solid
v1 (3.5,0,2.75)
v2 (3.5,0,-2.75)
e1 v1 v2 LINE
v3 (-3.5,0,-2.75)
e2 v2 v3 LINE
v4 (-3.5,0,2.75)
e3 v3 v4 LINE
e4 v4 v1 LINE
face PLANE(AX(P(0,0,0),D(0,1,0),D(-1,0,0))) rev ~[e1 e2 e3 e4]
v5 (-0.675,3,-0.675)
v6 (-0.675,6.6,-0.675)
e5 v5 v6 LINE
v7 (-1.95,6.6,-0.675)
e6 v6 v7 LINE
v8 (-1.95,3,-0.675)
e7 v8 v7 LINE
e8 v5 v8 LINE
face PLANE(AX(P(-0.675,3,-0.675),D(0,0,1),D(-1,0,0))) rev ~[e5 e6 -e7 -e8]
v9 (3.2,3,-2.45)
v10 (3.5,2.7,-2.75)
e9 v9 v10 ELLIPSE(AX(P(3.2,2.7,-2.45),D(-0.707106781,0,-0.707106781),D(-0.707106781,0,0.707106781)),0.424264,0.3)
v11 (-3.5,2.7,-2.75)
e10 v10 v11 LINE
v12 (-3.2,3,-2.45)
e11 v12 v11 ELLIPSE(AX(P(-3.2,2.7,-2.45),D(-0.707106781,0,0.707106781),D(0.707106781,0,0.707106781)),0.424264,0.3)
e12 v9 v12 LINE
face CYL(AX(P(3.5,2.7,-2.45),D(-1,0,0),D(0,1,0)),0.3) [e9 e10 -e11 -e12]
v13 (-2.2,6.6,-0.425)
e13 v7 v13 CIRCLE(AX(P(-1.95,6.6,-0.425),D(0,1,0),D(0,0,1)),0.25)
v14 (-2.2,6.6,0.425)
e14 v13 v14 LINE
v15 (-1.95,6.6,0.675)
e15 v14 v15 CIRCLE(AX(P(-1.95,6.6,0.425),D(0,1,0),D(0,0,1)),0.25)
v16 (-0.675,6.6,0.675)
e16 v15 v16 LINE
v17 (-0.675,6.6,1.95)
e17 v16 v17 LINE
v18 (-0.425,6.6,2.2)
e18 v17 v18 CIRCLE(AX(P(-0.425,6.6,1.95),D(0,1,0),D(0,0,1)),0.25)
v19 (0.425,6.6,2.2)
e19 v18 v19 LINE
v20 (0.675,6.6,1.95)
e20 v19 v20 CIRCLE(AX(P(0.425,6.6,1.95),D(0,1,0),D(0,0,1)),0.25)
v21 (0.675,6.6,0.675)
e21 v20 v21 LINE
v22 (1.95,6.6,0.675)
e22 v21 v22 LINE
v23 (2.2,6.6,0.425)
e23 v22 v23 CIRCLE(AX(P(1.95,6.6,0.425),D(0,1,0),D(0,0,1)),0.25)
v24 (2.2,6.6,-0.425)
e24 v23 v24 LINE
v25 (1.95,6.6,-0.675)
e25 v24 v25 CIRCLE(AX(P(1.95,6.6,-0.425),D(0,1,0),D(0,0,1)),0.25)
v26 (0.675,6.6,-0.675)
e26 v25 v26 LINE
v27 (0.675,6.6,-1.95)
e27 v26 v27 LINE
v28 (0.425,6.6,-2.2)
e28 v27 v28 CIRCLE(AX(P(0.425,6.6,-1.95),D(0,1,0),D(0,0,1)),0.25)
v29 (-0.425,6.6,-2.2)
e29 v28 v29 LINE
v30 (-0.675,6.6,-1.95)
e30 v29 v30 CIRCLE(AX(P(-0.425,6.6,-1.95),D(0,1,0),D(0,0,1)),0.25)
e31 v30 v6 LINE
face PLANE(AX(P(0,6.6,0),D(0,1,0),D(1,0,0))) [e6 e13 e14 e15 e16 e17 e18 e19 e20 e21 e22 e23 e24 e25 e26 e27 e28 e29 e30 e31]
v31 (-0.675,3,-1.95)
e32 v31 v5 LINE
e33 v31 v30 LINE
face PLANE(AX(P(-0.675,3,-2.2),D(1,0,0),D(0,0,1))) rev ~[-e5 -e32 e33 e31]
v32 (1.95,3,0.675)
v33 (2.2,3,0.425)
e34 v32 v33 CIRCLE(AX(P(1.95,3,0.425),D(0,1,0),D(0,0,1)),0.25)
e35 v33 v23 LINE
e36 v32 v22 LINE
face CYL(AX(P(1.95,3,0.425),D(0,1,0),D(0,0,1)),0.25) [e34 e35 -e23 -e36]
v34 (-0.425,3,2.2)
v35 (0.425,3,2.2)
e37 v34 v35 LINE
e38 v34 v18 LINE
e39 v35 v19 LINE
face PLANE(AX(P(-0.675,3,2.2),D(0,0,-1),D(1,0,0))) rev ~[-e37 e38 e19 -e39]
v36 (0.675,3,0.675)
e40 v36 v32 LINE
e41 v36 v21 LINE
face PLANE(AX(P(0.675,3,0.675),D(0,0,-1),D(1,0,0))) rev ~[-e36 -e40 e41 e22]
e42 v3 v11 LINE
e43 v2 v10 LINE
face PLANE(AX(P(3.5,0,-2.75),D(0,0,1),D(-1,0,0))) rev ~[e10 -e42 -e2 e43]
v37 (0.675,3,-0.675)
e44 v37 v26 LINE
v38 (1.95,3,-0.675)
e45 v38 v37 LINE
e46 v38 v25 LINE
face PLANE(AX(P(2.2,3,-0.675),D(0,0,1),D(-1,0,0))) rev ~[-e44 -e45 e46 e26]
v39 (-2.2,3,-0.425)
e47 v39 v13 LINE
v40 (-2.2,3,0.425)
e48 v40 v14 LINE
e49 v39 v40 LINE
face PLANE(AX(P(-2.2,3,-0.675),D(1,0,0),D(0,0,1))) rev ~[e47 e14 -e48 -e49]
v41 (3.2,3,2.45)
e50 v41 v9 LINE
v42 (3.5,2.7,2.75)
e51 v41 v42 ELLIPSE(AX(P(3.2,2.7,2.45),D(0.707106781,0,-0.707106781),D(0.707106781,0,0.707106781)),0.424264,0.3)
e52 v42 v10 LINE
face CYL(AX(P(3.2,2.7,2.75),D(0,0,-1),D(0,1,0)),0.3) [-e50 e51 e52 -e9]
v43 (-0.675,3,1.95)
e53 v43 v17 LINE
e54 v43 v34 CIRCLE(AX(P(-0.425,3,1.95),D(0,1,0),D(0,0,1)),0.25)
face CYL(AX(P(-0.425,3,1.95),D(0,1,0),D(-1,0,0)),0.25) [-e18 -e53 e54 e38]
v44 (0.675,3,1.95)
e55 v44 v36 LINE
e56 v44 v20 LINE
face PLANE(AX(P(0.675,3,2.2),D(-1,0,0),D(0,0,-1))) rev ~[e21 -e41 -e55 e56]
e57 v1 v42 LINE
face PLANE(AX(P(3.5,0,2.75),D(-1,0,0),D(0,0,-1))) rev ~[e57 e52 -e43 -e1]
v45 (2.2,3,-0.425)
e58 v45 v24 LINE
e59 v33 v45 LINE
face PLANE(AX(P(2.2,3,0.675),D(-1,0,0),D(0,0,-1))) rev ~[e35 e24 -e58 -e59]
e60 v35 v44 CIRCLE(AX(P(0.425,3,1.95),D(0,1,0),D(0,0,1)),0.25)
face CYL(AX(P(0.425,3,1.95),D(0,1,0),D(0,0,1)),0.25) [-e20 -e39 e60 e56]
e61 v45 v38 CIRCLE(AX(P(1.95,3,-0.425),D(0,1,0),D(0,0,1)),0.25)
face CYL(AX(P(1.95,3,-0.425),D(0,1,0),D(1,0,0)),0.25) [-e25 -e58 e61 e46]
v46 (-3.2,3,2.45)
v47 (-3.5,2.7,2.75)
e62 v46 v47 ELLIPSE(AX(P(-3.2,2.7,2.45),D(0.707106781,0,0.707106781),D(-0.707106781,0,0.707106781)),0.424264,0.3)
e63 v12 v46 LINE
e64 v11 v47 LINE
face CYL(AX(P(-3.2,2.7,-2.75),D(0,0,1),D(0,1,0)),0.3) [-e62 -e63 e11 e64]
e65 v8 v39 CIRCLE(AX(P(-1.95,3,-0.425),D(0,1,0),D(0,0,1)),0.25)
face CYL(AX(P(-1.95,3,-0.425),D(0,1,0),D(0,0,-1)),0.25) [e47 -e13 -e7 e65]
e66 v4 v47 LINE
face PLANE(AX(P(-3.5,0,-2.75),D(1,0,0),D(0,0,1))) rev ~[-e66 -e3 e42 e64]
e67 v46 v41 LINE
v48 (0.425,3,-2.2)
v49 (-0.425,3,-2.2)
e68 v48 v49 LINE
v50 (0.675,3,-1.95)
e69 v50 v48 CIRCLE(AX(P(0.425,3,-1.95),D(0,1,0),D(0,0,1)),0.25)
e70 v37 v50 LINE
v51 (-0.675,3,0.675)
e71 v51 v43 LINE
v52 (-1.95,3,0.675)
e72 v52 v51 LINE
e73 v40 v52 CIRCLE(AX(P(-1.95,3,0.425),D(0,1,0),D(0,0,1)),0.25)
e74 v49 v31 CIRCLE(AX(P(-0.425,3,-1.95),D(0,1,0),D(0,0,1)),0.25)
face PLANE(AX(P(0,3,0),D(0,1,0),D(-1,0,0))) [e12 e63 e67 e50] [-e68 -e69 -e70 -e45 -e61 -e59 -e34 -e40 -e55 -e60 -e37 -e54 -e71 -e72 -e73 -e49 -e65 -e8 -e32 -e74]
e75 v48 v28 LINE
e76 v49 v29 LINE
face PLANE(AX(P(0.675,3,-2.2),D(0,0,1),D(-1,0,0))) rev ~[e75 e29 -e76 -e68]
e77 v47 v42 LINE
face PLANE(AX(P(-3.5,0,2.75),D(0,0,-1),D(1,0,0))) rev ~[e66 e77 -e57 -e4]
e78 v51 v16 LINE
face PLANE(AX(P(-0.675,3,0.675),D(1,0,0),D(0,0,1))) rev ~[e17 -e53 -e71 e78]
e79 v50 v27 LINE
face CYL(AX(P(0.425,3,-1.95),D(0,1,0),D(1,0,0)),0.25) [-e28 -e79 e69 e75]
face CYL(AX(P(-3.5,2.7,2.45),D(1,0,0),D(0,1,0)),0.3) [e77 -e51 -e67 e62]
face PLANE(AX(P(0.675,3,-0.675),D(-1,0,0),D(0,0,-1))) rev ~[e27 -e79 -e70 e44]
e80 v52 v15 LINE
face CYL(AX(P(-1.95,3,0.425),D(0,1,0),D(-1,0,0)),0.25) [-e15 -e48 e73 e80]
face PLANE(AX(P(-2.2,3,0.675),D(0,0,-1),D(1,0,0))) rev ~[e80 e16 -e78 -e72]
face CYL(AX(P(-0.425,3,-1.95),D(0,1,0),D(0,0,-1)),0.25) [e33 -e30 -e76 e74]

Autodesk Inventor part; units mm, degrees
ref_plane "YZ Plane" through (0, 0, 0) normal (1, 0, 0) x (0, 1, 0)
ref_plane "XZ Plane" through (0, 0, 0) normal (0, 1, 0) x (-1, 0, 0)
ref_plane "XY Plane" through (0, 0, 0) normal (0, 0, 1) x (1, 0, 0)
sketch "Pole Base Profile" plane through (0, 0, 0) normal (0, 1, 0) x (-1, 0, 0)
  line L0 (3.5, 2.75) -> (-3.5, 2.75)
  line L1 (-3.5, 2.75) -> (-3.5, -2.75)
  line L2 (-3.5, -2.75) -> (3.5, -2.75)
  line L3 (3.5, -2.75) -> (3.5, 2.75)
  line L4 (3.5, 2.75) -> (-3.5, -2.75) construction
  line L5 (-3.5, 2.75) -> (3.5, -2.75) construction
  point P0 (0, 0)
  dimension "d0" = 7
  dimension "d1" = 5.5
extrude "Pole Base" add sketch "Pole Base Profile" along normal blind 3
sketch "Cross Base" plane through (0, 3, 0) normal (0, 1, 0) x (1, 0, 0)
  line L0 (-0.675, -2.2) -> (0.675, -2.2)
  line L1 (0.675, -2.2) -> (0.675, 2.2)
  line L2 (0.675, 2.2) -> (-0.675, 2.2)
  line L3 (-0.675, 2.2) -> (-0.675, -2.2)
  line L4 (-0.675, -2.2) -> (0.675, 2.2) construction
  line L5 (0.675, -2.2) -> (-0.675, 2.2) construction
  line L6 (-2.2, -0.675) -> (2.2, -0.675)
  line L7 (2.2, -0.675) -> (2.2, 0.675)
  line L8 (2.2, 0.675) -> (-2.2, 0.675)
  line L9 (-2.2, 0.675) -> (-2.2, -0.675)
  line L10 (-2.2, -0.675) -> (2.2, 0.675) construction
  line L11 (2.2, -0.675) -> (-2.2, 0.675) construction
  point P0 (0, 0)
  dimension "d12" = 1.35
  dimension "d13" = 4.4
  dimension "d14" = 4.4
  dimension "d15" = 1.35
extrude "Pole" add sketch "Cross Base" along normal blind 3.6
fillet "Pole Rounding" radius 0.25 8 edges at (2.2, 4.8, 0.675) (0.675, 4.8, 2.2) (-0.675, 4.8, 2.2) (-2.2, 4.8, 0.675) (-2.2, 4.8, -0.675) (-0.675, 4.8, -2.2) (0.675, 4.8, -2.2) (2.2, 4.8, -0.675)
fillet "Base Rounding" radius 0.3 4 edges at (-3.5, 3, 0) (0, 3, -2.75) (0, 3, 2.75) (3.5, 3, 0)
sketch "Top Center Point" plane through (0, 6.6, 0) normal (0, 1, 0) x (1, 0, 0)
  point P0 (0, 0)
equation "\"d0\" = s_polebl"
equation "\"d1\" = s_polebw"
equation "\"d12\" = k_cmxw"
equation "\"d13\" = k_cmxl"
equation "\"d14\" = d13"
equation "\"d15\" = d12"
equation "\"d8\" = s_poleh"
equation "\"k_width\" = 18.1"
equation "\"k_height\" = 18"
equation "\"k_taper1\" = 1.5"
equation "\"k_taper2\" = 0.5"
equation "\"k_radius\" = 6"
equation "\"k_wthick\" = 1.5"
equation "\"k_ribthick\" = 1.5"
equation "\"k_ribheight\" = 5"
equation "\"k_poleoff\" = 2.2625"
equation "\"k_poledia\" = 5.54"
equation "\"k_cmxw\" = 1.35"
equation "\"k_cmxl\" = 4.4"
equation "\"s_bwidth\" = 15.6"
equation "\"s_poleh\" = 3.6"
equation "\"s_polebw\" = 5.5"
equation "\"s_polebl\" = 7"
equation "\"b_rshift\" = 49.775"
equation "\"b_height\" = 77.4"
equation "\"b_tab\" = 27.15"
equation "\"b_lshift\" = 40.725"
equation "\"b_space\" = 117.65"
equation "\"b_caps\" = 31.675"
equation "\"b_pad\" = 1"
equation "\"b_width\" = 286.5"
equation "\"b_ctrl\" = 22.625"
equation "\"k_staper\" = 1"
equation "\"k_ltaper\" = 1.5"
equation "\"k_sradius\" = 4"
equation "\"k_lradius\" = 6"
equation "\"k_height_t\" = 16"
properties part number "keyswitch-pole_cherrymx"
